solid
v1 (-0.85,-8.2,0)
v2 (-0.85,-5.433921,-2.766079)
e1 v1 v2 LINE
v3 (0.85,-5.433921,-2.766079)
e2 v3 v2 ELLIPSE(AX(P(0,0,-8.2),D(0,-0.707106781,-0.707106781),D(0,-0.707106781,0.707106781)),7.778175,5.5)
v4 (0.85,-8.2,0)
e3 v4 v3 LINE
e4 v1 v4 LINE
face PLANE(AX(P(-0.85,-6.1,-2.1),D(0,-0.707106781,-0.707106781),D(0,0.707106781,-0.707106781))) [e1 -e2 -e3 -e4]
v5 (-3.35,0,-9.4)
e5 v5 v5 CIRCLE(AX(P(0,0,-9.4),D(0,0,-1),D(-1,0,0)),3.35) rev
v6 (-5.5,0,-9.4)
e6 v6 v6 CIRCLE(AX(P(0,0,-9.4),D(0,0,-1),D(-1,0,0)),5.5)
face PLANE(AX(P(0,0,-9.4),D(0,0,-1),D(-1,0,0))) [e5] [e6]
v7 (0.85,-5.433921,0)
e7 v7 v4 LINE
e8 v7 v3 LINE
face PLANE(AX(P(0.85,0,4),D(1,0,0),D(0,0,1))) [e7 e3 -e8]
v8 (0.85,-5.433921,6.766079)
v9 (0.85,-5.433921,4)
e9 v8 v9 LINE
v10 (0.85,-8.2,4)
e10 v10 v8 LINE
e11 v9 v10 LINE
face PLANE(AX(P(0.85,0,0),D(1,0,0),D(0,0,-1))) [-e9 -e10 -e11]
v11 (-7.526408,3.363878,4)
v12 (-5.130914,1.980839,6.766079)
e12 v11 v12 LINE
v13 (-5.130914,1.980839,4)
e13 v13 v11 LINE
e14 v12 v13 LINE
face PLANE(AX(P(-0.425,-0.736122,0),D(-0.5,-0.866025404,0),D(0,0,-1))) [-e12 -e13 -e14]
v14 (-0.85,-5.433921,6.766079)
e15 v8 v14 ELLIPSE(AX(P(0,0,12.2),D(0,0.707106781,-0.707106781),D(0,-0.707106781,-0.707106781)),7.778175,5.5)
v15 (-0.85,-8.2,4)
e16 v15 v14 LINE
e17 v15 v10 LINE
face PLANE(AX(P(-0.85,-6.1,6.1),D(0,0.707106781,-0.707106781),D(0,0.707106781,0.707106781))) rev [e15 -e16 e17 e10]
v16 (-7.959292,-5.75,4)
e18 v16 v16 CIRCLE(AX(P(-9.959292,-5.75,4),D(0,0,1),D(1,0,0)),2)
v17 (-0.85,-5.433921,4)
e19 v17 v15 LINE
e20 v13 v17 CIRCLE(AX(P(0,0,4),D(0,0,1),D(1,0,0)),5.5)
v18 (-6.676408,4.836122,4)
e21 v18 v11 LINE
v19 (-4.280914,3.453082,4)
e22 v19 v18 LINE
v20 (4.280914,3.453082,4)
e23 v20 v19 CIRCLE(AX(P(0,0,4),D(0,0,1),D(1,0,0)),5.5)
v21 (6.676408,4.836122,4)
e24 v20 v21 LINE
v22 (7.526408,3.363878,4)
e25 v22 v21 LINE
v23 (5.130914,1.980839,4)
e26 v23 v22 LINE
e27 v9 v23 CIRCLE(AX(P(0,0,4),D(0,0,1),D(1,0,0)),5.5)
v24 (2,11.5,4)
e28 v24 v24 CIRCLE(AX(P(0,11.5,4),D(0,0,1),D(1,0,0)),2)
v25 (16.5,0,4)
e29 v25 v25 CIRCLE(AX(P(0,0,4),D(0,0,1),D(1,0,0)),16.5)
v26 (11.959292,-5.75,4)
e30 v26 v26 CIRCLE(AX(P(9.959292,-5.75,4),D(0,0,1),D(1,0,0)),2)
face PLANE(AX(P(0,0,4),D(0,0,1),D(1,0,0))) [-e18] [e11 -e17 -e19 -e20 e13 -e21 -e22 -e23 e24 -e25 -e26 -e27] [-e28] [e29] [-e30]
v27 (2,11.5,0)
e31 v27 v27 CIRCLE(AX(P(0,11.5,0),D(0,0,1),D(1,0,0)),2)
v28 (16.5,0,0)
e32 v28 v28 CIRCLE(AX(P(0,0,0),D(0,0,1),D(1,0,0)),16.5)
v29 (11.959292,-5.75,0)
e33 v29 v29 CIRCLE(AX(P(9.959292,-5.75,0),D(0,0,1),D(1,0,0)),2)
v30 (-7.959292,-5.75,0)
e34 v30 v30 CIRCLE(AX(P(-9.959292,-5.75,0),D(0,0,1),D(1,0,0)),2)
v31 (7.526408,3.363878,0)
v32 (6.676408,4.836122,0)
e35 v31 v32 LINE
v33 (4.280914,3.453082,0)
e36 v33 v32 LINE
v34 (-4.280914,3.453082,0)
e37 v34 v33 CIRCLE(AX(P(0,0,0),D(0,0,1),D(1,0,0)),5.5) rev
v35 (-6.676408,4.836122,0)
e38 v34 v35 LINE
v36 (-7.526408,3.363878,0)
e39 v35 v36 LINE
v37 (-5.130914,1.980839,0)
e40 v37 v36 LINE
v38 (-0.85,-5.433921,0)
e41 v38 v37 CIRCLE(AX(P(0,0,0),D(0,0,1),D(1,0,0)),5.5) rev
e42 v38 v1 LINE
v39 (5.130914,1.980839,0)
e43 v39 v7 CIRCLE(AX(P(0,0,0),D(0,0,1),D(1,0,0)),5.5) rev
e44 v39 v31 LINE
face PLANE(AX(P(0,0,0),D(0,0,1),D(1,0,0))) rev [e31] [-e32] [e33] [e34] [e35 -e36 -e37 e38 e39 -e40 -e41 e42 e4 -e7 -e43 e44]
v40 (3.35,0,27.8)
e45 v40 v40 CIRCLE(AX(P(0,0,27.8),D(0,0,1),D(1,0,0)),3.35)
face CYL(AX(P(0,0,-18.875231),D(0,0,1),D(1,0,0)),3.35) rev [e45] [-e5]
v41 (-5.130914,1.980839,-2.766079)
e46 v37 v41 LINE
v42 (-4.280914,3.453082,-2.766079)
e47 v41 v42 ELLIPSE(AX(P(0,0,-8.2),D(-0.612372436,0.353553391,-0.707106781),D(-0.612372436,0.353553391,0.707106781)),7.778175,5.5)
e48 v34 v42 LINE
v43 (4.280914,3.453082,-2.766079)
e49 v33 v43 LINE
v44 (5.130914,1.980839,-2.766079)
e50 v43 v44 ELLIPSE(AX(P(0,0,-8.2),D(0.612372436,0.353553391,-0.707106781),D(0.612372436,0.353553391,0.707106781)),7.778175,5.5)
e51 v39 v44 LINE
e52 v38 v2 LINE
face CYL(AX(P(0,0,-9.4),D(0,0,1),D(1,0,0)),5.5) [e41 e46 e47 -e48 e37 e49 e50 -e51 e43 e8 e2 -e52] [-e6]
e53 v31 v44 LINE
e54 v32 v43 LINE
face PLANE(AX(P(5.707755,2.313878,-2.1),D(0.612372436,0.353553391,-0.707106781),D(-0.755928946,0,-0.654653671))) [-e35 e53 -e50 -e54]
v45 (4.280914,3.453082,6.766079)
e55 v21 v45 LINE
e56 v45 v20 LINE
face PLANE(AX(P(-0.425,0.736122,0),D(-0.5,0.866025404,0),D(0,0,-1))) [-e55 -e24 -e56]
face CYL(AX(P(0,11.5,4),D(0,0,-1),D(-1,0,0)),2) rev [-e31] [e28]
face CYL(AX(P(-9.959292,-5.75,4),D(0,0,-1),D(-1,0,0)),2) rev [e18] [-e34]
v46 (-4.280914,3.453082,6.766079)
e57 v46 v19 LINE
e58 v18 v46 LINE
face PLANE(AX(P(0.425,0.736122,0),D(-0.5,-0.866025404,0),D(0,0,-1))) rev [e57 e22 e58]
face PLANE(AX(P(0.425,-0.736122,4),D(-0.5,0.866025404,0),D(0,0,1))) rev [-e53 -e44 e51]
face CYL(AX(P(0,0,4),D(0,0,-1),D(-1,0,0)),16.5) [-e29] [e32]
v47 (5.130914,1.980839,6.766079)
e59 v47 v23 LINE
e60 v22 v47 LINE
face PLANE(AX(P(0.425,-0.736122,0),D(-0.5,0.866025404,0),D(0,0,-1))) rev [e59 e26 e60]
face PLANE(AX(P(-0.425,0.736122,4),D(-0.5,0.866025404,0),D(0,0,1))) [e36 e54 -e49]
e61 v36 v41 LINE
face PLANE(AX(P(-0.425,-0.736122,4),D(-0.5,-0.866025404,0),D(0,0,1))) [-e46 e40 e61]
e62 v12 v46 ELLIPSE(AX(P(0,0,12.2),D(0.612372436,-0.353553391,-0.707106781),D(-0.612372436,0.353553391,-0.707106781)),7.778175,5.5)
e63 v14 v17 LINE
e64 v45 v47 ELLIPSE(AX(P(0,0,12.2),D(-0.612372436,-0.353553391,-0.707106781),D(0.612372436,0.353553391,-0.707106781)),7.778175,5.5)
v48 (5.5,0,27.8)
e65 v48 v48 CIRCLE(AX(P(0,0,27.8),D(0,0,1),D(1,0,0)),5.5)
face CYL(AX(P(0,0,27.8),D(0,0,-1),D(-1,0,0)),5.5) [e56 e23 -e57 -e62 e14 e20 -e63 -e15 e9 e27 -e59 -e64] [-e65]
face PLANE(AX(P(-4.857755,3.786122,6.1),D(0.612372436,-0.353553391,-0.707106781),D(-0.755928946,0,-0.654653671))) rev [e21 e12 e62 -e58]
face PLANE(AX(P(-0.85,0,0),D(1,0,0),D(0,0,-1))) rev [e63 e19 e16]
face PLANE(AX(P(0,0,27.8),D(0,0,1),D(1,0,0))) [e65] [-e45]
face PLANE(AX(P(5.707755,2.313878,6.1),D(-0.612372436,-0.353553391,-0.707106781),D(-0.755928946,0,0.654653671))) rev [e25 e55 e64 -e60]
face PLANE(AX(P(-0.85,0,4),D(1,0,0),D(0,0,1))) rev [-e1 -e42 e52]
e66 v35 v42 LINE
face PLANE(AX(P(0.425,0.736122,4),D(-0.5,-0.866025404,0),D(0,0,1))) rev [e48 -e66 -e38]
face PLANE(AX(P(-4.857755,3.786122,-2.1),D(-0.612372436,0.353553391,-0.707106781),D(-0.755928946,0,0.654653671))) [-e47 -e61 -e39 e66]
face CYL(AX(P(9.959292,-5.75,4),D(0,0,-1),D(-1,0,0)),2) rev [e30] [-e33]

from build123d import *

# Parameters (mm, degrees)
CROQUIS1_R              = 16.5
CROQUIS1_R_2            = 2
SALIENTE_EXTRUIR1_DEPTH = 4
CROQUIS2_R              = 5.5
SALIENTE_EXTRUIR2_DEPTH = 23.8
SALIENTE_EXTRUIR3_START = 9.4
CROQUIS3_R              = 5.5
SALIENTE_EXTRUIR3_DEPTH = 9.4
CROQUIS5_R              = 3.35
CORTAR_EXTRUIR1_DEPTH   = 37.2
SALIENTE_EXTRUIR7_DEPTH = 0.85
MATRIZC1_COUNT          = 3
SIMETR_A1_COPY_1_DEPTH  = 0.85
SIMETR_A1_COPY_2_DEPTH  = 0.85


with BuildPart() as part:
    # Croquis1 → Saliente-Extruir1 (new body)
    with BuildSketch(Plane.XY):
        Circle(CROQUIS1_R)
        with Locations((0, 11.5)):
            Circle(CROQUIS1_R_2, mode=Mode.SUBTRACT)
        with Locations((-9.959292144, -5.75)):
            Circle(CROQUIS1_R_2, mode=Mode.SUBTRACT)
        with Locations((9.959292144, -5.75)):
            Circle(CROQUIS1_R_2, mode=Mode.SUBTRACT)
    extrude(amount=SALIENTE_EXTRUIR1_DEPTH)

    # Croquis2 → Saliente-Extruir2 (add)
    with BuildSketch(Plane.XY.offset(4)):
        Circle(CROQUIS2_R)
    extrude(amount=SALIENTE_EXTRUIR2_DEPTH)

    # Croquis3 → Saliente-Extruir3 (add)
    with BuildSketch(Plane(origin=(0, 0, 0), x_dir=(-1, 0, 0), z_dir=(0, 0, -1)).offset(SALIENTE_EXTRUIR3_START)):
        with Locations(Location((0, 0, 0), (0, 0, 180))):
            Circle(CROQUIS3_R)
    extrude(amount=-SALIENTE_EXTRUIR3_DEPTH)

    # Croquis5 → Cortar-Extruir1 (cut)
    with BuildSketch(Plane.XY.offset(27.8)):
        Circle(CROQUIS5_R)
    extrude(amount=-CORTAR_EXTRUIR1_DEPTH, mode=Mode.SUBTRACT)

    # Croquis7 → Saliente-Extruir7 (add, symmetric)
    with BuildSketch(Plane(origin=(0, 0, 0), x_dir=(0, 0, -1), z_dir=(1, 0, 0))):
        Polygon((-4, -4.874650825), (-4, -5.5), (-6.7, -5.5), (-7.325349175, -4.874650825), align=None)
        Polygon((-6.7, -5.5), (-4, -8.2), (-4, -5.5), align=None)
    saliente_extruir7 = extrude(amount=SALIENTE_EXTRUIR7_DEPTH, both=True)

    # MatrizC1: Saliente-Extruir7 ×3 about axis
    matrizc1_axis = Axis((0, 0, -18.875230868), (0, 0, 1))
    for i in range(1, MATRIZC1_COUNT):
        add(saliente_extruir7.rotate(matrizc1_axis, i * 360 / MATRIZC1_COUNT))

    # Simetría1: Saliente-Extruir7 across plane
    add(saliente_extruir7.mirror(Plane.XY.offset(2)))

    # Simetría1 copy 1 sketch → Simetría1 copy 1 (add, symmetric)
    with BuildSketch(Plane(origin=(0, 0, 4), x_dir=(0, 0, 1), z_dir=(-0.4999999999999998, 0.8660254037844387, 0))):
        Polygon((-4, 4.874650825), (-4, 5.5), (-6.7, 5.5), (-7.325349175, 4.874650825), align=None)
        Polygon((-6.7, 5.5), (-4, 8.2), (-4, 5.5), align=None)
    extrude(amount=SIMETR_A1_COPY_1_DEPTH, both=True)

    # Simetría1 copy 2 sketch → Simetría1 copy 2 (add, symmetric)
    with BuildSketch(Plane(origin=(0, 0, 4), x_dir=(0, 0, 1), z_dir=(-0.5000000000000004, -0.8660254037844384, 0))):
        Polygon((-4, 4.874650825), (-4, 5.5), (-6.7, 5.5), (-7.325349175, 4.874650825), align=None)
        Polygon((-6.7, 5.5), (-4, 8.2), (-4, 5.5), align=None)
    extrude(amount=SIMETR_A1_COPY_2_DEPTH, both=True)


solid = part.part
